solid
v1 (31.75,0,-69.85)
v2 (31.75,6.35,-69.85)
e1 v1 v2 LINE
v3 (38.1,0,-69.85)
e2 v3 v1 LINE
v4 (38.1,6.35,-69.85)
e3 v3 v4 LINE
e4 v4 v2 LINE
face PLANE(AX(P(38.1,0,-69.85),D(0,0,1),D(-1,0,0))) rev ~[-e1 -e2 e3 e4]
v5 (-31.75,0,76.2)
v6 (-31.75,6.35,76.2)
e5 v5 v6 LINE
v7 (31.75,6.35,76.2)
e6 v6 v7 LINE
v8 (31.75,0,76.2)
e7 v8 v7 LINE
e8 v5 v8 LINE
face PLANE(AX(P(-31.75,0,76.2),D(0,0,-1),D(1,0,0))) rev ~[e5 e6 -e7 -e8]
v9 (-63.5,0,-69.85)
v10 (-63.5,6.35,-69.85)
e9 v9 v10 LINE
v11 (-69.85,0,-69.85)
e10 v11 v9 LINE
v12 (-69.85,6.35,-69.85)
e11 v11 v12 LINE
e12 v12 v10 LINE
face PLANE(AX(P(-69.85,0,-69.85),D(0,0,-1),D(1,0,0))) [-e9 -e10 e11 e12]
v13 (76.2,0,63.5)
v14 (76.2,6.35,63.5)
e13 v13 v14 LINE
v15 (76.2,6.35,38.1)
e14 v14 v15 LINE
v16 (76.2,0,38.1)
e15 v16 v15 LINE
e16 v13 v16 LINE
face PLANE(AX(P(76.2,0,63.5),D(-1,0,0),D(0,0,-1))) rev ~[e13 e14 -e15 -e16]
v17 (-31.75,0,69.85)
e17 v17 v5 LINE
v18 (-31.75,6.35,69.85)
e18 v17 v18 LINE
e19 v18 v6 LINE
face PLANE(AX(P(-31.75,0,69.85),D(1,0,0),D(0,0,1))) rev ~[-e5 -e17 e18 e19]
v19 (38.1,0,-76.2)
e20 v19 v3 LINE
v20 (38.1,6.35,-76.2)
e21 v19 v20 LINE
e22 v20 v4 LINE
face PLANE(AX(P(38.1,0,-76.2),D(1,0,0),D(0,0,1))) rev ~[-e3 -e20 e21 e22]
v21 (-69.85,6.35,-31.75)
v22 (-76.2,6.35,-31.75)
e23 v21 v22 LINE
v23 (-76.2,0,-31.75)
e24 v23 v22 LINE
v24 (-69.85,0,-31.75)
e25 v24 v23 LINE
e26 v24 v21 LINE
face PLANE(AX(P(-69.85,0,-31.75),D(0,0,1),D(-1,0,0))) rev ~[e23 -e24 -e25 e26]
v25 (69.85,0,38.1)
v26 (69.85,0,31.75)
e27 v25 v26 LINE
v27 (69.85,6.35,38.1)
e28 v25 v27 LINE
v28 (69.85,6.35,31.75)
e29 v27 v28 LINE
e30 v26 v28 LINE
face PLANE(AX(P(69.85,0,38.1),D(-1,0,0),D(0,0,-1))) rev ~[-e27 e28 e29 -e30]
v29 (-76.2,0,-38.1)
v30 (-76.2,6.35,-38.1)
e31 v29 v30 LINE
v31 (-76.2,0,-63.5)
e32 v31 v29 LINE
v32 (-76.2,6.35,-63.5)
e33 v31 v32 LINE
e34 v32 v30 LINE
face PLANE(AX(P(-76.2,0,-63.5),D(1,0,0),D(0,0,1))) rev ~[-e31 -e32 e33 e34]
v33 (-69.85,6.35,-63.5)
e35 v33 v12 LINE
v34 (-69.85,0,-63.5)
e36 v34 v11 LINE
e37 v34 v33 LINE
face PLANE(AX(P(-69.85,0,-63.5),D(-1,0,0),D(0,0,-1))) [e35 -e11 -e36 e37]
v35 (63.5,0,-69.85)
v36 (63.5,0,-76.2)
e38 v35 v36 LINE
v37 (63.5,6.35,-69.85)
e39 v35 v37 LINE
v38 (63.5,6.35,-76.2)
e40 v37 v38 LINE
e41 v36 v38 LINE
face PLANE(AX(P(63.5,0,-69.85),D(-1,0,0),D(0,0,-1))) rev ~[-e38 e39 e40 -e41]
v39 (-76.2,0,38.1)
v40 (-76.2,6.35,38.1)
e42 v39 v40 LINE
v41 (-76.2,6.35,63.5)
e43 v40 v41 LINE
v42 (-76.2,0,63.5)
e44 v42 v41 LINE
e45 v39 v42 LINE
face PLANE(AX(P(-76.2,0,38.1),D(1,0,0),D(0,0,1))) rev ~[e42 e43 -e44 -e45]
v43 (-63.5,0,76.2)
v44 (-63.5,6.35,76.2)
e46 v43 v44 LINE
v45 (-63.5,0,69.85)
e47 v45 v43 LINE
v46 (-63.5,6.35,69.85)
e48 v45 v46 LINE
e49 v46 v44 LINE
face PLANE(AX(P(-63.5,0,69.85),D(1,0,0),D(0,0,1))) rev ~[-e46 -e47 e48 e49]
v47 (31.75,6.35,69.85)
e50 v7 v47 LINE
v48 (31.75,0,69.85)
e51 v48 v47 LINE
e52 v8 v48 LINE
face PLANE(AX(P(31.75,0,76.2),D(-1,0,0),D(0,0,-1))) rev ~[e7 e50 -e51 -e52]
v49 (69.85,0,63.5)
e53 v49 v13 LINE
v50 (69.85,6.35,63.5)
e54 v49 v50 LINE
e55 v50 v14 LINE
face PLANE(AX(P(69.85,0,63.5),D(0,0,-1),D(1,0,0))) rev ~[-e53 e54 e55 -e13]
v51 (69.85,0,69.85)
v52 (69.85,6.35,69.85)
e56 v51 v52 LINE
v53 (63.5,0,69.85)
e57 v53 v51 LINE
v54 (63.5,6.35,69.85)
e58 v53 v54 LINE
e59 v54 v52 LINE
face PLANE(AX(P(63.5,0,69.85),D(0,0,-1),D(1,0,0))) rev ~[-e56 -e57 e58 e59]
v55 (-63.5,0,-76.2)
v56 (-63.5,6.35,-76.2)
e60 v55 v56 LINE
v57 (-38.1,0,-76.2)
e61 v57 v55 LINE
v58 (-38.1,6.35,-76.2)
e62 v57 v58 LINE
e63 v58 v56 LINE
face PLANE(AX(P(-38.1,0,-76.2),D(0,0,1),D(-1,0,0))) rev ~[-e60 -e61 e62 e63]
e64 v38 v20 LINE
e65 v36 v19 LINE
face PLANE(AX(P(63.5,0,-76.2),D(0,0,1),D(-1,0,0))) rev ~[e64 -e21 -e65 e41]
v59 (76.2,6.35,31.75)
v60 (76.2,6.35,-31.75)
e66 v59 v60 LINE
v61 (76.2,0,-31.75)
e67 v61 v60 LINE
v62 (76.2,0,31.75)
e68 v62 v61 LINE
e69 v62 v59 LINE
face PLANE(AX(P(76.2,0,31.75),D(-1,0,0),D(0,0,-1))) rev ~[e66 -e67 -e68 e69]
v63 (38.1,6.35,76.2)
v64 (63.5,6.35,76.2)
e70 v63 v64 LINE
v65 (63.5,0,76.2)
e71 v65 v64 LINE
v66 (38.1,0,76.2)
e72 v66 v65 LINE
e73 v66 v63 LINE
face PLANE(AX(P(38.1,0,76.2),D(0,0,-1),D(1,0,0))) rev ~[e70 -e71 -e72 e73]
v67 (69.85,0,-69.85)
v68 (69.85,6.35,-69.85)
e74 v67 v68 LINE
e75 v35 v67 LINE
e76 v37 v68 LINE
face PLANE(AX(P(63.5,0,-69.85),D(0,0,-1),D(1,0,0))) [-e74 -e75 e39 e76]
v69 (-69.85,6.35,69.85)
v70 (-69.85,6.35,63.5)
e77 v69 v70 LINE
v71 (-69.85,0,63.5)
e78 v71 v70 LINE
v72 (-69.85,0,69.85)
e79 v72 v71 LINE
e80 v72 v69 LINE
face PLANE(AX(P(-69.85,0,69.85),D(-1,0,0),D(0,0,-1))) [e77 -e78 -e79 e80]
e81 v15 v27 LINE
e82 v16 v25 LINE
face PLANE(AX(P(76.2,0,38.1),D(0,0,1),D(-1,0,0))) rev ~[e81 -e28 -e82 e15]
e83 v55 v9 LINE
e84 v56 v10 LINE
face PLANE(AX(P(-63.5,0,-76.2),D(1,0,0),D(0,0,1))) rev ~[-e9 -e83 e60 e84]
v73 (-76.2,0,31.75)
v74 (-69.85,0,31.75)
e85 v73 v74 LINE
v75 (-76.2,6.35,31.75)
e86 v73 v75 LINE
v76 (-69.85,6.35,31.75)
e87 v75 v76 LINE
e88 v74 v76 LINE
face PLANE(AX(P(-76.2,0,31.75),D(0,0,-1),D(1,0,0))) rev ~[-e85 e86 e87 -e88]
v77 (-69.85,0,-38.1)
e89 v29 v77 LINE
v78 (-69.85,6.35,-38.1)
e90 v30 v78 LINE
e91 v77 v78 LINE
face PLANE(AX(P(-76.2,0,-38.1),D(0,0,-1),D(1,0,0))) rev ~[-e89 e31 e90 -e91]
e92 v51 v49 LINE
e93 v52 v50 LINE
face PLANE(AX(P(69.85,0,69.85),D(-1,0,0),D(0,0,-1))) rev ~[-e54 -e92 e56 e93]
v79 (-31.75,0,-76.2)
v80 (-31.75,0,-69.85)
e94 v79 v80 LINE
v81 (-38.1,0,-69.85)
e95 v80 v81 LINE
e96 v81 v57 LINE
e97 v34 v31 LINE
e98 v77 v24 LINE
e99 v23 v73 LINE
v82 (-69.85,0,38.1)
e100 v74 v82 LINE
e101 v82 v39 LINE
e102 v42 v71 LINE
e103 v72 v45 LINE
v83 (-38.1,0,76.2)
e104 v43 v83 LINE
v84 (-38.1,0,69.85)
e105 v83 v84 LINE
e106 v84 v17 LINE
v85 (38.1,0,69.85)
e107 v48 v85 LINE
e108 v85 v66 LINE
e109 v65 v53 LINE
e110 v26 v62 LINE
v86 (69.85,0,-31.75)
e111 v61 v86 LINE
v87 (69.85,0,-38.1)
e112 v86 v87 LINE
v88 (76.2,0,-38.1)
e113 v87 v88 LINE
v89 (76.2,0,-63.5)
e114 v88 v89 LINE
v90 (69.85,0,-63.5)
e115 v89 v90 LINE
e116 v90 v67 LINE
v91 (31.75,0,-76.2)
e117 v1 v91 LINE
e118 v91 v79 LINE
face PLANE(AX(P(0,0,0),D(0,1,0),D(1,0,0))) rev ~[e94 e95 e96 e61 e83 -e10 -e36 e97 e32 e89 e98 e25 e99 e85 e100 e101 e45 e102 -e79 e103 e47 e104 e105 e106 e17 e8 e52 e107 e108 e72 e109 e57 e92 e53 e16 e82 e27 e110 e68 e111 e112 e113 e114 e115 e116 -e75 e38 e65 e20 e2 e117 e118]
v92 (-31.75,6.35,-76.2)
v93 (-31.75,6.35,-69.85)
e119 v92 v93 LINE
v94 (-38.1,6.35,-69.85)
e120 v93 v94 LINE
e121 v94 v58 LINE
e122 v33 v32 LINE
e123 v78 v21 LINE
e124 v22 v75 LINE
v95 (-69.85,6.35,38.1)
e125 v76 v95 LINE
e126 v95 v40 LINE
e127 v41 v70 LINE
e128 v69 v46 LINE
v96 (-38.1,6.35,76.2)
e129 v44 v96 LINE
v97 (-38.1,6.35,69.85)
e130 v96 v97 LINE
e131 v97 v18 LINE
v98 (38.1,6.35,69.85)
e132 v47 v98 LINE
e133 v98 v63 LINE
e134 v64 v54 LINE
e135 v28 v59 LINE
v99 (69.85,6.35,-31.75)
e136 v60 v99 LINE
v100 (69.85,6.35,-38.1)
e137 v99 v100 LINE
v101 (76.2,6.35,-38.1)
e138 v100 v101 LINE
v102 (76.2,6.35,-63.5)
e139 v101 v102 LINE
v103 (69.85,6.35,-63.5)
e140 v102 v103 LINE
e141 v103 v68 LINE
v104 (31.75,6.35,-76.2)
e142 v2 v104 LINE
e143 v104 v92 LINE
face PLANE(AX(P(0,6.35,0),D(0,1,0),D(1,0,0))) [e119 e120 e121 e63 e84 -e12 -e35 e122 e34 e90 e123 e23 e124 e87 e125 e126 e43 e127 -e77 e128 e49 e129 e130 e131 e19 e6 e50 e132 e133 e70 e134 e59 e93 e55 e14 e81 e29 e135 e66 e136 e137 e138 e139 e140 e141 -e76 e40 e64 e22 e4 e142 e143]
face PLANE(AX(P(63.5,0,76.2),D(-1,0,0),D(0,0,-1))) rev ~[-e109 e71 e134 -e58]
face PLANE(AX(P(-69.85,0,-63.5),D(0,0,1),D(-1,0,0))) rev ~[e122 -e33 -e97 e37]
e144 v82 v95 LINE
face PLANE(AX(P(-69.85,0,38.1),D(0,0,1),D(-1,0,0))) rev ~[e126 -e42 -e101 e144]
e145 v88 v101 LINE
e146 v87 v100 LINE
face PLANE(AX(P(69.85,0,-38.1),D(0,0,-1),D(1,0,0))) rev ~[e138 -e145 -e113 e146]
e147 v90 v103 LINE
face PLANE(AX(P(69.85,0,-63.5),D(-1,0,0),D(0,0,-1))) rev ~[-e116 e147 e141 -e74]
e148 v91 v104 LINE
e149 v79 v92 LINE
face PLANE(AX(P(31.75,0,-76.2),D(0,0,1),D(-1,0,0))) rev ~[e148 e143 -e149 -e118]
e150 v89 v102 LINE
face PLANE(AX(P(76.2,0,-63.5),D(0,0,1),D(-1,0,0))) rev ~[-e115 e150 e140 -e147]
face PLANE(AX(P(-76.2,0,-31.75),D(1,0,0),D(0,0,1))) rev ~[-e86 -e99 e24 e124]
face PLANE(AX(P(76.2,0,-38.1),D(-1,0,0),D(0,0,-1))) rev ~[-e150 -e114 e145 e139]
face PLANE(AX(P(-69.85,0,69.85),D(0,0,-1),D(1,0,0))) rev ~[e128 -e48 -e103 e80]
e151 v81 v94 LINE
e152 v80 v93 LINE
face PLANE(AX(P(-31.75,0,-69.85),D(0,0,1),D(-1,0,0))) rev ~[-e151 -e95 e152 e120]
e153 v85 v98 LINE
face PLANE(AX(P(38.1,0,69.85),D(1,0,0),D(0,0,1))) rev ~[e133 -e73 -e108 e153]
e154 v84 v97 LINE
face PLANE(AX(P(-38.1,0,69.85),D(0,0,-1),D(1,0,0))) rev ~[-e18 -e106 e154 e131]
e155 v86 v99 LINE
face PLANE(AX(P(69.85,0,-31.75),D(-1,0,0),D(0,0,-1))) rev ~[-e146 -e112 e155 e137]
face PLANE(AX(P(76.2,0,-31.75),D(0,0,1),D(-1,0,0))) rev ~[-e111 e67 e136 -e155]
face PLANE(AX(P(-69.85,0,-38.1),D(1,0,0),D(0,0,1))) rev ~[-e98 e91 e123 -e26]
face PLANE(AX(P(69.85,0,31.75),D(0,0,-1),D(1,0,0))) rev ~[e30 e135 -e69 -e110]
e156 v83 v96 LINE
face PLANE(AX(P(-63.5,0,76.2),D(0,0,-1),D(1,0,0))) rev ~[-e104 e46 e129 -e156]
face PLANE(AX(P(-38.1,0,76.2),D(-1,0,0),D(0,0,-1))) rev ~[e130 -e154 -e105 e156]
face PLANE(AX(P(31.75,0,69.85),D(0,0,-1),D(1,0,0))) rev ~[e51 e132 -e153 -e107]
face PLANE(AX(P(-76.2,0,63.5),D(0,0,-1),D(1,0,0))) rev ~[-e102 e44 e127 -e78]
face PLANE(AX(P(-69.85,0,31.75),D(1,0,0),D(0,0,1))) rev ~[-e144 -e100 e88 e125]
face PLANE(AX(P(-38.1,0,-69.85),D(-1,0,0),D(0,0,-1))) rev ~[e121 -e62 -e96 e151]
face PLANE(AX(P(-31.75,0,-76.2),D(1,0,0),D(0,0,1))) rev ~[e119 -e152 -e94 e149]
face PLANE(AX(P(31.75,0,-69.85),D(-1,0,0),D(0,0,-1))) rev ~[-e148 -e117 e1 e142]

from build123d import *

# Parameters (mm, degrees)
BOSS_EXTRUDE1_DEPTH = 6.35


with BuildPart() as part:
    # Sketch1 → Boss-Extrude1 (new body)
    with BuildSketch(Plane(origin=(0, 0, 0), x_dir=(1, 0, 0), z_dir=(0, 1, 0))):
        Polygon((-76.2, -38.1), (-76.2, -63.5), (-69.85, -63.5), (-69.85, -69.85), (-63.5, -69.85), (-63.5, -76.2), (-38.1, -76.2), (-38.1, -69.85), (-31.75, -69.85), (-31.75, -76.2), (31.75, -76.2), (31.75, -69.85), (38.1, -69.85), (38.1, -76.2), (63.5, -76.2), (63.5, -69.85), (69.85, -69.85), (69.85, -63.5), (76.2, -63.5), (76.2, -38.1), (69.85, -38.1), (69.85, -31.75), (76.2, -31.75), (76.2, 31.75), (69.85, 31.75), (69.85, 38.1), (76.2, 38.1), (76.2, 63.5), (69.85, 63.5), (69.85, 69.85), (63.5, 69.85), (63.5, 76.2), (38.1, 76.2), (38.1, 69.85), (31.75, 69.85), (31.75, 76.2), (-31.75, 76.2), (-31.75, 69.85), (-38.1, 69.85), (-38.1, 76.2), (-63.5, 76.2), (-63.5, 69.85), (-69.85, 69.85), (-69.85, 63.5), (-76.2, 63.5), (-76.2, 38.1), (-69.85, 38.1), (-69.85, 31.75), (-76.2, 31.75), (-76.2, -31.75), (-69.85, -31.75), (-69.85, -38.1), align=None)
    extrude(amount=BOSS_EXTRUDE1_DEPTH)


solid = part.part
